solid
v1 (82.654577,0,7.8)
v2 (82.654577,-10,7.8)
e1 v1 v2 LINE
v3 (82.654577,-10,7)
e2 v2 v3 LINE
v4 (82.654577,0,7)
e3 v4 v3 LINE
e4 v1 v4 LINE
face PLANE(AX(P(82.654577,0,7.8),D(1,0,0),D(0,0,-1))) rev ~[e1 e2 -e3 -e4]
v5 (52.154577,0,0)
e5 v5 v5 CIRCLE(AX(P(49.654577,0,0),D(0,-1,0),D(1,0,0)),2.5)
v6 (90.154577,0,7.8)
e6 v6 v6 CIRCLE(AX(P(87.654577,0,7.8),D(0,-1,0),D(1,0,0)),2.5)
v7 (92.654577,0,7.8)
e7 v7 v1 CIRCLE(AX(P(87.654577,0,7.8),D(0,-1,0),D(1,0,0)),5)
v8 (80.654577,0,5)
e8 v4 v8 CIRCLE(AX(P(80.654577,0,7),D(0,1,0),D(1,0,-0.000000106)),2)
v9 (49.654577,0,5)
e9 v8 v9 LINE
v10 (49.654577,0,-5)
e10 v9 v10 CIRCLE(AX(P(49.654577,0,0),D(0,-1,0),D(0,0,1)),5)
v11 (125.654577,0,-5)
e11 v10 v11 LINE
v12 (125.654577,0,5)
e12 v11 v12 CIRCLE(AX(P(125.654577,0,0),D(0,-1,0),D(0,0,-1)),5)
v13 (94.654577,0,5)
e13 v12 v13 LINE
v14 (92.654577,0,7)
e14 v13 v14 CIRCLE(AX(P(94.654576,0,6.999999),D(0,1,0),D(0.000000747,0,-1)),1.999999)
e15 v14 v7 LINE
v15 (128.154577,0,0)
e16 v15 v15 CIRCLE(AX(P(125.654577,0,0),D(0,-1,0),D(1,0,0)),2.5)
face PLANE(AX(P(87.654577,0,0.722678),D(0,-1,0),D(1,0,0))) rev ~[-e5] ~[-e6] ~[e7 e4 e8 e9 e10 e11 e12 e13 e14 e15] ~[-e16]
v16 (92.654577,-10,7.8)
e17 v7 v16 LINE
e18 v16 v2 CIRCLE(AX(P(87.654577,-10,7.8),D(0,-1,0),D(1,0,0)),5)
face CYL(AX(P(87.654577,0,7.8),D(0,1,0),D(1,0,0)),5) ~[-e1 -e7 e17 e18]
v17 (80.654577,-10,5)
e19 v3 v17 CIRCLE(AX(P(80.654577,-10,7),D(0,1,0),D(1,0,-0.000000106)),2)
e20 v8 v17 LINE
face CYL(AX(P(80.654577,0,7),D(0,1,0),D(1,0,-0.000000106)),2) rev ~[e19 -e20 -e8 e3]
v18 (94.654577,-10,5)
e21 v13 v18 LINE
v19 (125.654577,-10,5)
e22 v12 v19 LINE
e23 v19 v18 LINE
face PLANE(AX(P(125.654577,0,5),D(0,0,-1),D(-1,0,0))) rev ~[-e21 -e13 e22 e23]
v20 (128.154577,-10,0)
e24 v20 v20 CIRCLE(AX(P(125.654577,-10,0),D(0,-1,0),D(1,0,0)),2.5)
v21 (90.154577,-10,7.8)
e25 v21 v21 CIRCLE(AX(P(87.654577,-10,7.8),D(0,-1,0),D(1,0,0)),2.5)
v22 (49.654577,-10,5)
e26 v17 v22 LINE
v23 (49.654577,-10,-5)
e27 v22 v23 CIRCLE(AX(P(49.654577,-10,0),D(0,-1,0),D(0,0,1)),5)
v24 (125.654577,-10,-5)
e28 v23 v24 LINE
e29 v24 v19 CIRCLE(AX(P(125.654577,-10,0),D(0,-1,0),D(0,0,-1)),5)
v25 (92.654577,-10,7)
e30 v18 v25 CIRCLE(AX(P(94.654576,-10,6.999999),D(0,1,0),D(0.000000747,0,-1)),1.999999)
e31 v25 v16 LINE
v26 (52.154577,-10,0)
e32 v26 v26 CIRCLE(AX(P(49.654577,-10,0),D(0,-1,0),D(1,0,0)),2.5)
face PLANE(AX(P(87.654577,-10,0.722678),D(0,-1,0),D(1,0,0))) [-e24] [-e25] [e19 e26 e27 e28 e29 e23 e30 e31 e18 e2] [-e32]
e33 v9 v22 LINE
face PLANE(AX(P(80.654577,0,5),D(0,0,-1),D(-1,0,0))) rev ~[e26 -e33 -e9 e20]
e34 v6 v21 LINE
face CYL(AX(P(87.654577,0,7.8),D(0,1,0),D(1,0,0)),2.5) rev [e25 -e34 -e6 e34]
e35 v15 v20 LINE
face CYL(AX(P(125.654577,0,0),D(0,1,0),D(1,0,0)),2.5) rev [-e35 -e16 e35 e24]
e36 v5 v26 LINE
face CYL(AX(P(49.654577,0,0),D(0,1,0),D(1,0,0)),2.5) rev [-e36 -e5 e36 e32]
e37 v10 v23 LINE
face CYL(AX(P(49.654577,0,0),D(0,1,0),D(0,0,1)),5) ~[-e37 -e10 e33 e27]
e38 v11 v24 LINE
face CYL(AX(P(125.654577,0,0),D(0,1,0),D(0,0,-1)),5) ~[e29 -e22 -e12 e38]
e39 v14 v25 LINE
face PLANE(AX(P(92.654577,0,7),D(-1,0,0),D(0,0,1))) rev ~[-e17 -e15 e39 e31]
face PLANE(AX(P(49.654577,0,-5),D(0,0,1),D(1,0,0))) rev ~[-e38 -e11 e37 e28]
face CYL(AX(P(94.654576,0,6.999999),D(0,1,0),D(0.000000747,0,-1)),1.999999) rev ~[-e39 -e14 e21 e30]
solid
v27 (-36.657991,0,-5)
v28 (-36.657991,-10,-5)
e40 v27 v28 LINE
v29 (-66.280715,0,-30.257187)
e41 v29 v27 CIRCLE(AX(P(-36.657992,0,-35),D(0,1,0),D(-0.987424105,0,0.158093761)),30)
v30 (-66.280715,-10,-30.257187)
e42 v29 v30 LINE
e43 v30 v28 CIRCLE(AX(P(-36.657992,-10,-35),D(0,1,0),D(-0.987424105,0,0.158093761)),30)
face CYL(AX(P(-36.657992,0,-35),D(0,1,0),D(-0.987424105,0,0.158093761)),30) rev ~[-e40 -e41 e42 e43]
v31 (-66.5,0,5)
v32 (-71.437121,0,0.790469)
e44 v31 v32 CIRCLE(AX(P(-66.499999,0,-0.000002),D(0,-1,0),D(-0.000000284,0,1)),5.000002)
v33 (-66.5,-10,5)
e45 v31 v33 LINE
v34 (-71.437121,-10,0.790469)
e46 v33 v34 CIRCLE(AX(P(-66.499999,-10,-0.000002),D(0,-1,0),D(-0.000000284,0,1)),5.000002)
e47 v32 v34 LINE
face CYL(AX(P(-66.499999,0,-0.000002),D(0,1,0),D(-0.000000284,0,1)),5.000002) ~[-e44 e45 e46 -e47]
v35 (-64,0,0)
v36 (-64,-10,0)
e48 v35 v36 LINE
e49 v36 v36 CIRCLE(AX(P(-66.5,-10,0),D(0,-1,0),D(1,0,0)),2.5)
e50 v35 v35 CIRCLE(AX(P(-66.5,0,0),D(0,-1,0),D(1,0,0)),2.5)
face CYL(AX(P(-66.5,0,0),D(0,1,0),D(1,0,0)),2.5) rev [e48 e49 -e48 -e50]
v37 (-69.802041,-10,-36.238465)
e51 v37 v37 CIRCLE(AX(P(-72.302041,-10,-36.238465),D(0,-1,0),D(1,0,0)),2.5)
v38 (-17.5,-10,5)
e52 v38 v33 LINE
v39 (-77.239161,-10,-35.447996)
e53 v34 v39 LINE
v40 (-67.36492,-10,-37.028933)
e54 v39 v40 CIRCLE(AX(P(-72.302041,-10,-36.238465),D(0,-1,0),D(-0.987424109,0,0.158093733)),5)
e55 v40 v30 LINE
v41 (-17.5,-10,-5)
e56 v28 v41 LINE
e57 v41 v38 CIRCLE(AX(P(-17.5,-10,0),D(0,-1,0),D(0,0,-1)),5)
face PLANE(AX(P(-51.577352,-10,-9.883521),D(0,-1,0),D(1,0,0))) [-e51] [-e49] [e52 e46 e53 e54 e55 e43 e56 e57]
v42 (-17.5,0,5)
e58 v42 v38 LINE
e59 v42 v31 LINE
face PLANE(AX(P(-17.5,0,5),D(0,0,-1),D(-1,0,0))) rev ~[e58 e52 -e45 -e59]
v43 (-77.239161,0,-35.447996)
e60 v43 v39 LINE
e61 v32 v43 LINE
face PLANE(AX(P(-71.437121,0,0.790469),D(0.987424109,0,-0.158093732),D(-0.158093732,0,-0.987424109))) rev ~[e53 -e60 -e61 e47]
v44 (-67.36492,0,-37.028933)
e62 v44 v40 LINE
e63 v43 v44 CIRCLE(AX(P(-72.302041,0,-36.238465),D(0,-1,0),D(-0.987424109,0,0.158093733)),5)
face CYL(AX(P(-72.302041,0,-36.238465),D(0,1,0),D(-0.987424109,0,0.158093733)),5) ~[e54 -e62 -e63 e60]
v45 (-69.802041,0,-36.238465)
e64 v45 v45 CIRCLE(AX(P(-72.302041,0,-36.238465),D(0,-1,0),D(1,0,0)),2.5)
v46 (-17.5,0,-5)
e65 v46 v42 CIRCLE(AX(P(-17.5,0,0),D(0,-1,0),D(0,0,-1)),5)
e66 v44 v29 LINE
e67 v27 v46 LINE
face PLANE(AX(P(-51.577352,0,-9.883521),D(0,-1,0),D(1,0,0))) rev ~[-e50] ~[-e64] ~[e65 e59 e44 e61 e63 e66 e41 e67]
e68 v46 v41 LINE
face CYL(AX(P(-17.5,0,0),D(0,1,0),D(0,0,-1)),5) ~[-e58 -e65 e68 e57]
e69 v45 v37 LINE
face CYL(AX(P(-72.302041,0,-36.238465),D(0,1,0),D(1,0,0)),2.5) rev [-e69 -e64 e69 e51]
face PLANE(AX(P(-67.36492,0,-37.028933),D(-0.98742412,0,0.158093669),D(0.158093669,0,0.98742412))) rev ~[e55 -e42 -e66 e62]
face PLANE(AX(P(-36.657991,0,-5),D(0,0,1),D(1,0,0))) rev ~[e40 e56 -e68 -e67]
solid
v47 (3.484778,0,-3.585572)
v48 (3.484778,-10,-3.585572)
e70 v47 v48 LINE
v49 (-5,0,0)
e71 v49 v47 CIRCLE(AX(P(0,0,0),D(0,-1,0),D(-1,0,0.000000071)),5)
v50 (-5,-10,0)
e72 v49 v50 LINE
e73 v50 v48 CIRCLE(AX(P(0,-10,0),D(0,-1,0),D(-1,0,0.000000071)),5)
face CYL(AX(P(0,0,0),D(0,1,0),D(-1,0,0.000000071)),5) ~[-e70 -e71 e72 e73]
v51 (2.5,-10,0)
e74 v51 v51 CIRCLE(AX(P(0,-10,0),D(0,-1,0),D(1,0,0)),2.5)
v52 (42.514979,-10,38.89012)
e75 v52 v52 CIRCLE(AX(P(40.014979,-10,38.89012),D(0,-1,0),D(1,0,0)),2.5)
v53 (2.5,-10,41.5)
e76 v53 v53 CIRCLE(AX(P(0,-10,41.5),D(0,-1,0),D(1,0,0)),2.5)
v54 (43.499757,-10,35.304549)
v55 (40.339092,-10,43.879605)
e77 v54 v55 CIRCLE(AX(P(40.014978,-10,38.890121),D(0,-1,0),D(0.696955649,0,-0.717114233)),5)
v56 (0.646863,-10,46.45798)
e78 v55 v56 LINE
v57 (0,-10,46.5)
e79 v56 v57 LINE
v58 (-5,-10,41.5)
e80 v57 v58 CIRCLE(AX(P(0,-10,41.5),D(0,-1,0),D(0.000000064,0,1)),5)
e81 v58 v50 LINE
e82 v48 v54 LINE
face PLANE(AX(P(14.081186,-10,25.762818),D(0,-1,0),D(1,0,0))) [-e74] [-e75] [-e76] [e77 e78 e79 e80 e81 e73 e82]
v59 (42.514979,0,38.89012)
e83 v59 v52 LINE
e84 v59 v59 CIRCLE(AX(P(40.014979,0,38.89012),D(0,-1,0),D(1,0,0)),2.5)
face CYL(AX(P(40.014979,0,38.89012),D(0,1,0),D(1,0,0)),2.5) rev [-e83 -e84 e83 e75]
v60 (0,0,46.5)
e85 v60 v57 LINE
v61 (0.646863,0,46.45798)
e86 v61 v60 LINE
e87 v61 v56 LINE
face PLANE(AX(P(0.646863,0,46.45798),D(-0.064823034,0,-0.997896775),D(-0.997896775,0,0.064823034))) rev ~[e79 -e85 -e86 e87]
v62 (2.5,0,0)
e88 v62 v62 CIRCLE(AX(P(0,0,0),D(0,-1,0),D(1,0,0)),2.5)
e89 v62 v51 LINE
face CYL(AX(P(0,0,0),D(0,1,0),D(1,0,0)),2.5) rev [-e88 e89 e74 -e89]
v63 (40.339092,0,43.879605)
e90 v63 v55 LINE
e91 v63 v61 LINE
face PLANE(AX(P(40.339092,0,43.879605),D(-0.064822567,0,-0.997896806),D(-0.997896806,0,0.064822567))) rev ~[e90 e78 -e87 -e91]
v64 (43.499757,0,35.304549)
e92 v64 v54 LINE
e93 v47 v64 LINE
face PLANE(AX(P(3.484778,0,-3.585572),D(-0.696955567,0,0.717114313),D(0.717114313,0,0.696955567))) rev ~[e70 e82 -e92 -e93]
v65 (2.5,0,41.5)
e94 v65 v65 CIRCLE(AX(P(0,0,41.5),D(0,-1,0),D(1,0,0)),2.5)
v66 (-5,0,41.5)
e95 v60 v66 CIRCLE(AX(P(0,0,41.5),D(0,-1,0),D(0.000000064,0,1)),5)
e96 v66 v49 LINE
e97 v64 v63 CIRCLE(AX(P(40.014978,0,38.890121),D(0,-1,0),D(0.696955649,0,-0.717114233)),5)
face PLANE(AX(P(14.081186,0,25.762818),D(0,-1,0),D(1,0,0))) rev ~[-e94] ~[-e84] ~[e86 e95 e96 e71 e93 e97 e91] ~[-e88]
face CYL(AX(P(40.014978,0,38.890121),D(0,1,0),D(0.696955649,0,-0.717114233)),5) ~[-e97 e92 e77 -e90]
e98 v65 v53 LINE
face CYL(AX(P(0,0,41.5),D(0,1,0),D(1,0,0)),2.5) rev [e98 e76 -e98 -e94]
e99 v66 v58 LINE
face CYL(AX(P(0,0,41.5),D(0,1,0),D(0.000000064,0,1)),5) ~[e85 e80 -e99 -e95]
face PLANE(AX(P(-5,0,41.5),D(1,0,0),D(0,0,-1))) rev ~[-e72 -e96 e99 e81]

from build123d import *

# Parameters (mm, degrees)
F0_R     = 2.5
F1_DEPTH = 10
F2_R     = 2.5
F4_DEPTH = 10
F3_R     = 2.5
F5_DEPTH = 10


with BuildPart() as f1:
    # F0 (on Front) → F1 (new body)
    with BuildSketch(Plane.XZ):
        with BuildLine():
            Line((40.339092, 43.879605), (0.646863, 46.45798))
            Line((0.646863, 46.45798), (0, 46.5))
            ThreePointArc((0, 46.5), (-3.535534, 45.035534), (-5, 41.5))
            Line((-5, 41.5), (-5, 0))
            ThreePointArc((-5, 0), (-1.946293, -4.605643), (3.484778, -3.585572))
            Line((3.484778, -3.585572), (43.499757, 35.304549))
            ThreePointArc((43.499757, 35.304549), (44.70644, 40.619338), (40.339092, 43.879605))
        make_face()
        Circle(F0_R, mode=Mode.SUBTRACT)
        with Locations((0, 41.5)):
            Circle(F0_R, mode=Mode.SUBTRACT)
        with Locations((40.014979, 38.89012)):
            Circle(F0_R, mode=Mode.SUBTRACT)
    extrude(amount=F1_DEPTH)


with BuildPart() as f4:
    # F2 (on Front) → F4 (new body)
    with BuildSketch(Plane.XZ):
        with BuildLine():
            Line((-36.657991, -5), (-17.5, -5))
            ThreePointArc((-17.5, -5), (-12.5, 0), (-17.5, 5))
            Line((-17.5, 5), (-66.5, 5))
            ThreePointArc((-66.5, 5), (-69.744045, 3.804756), (-71.437121, 0.790469))
            Line((-71.437121, 0.790469), (-77.239161, -35.447996))
            ThreePointArc((-77.239161, -35.447996), (-73.09251, -41.175585), (-67.36492, -37.028933))
            Line((-67.36492, -37.028933), (-66.280715, -30.257187))
            ThreePointArc((-66.280715, -30.257187), (-56.122262, -12.171461), (-36.657991, -5))
        make_face()
        with Locations((-72.302041, -36.238465)):
            Circle(F2_R, mode=Mode.SUBTRACT)
        with Locations((-66.5, 0)):
            Circle(F2_R, mode=Mode.SUBTRACT)
    extrude(amount=F4_DEPTH)


with BuildPart() as f5:
    # F3 (on Front) → F5 (new body)
    with BuildSketch(Plane.XZ):
        with BuildLine():
            Line((80.654577, 5), (49.654577, 5))
            ThreePointArc((49.654577, 5), (44.654577, 0), (49.654577, -5))
            Line((49.654577, -5), (87.654577, -5))
            Line((87.654577, -5), (125.654577, -5))
            ThreePointArc((125.654577, -5), (130.654577, 0), (125.654577, 5))
            Line((125.654577, 5), (94.654577, 5))
            ThreePointArc((94.654577, 5), (93.240363, 5.585786), (92.654577, 7))
            Line((92.654577, 7), (92.654577, 7.8))
            ThreePointArc((92.654577, 7.8), (87.654577, 12.8), (82.654577, 7.8))
            Line((82.654577, 7.8), (82.654577, 7))
            ThreePointArc((82.654577, 7), (82.06879, 5.585786), (80.654577, 5))
        make_face()
        with Locations((49.654577, 0)):
            Circle(F3_R, mode=Mode.SUBTRACT)
        with Locations((125.654577, 0)):
            Circle(F3_R, mode=Mode.SUBTRACT)
        with Locations((87.654577, 7.8)):
            Circle(F3_R, mode=Mode.SUBTRACT)
    extrude(amount=F5_DEPTH)


solid = Compound([f1.part, f4.part, f5.part])
